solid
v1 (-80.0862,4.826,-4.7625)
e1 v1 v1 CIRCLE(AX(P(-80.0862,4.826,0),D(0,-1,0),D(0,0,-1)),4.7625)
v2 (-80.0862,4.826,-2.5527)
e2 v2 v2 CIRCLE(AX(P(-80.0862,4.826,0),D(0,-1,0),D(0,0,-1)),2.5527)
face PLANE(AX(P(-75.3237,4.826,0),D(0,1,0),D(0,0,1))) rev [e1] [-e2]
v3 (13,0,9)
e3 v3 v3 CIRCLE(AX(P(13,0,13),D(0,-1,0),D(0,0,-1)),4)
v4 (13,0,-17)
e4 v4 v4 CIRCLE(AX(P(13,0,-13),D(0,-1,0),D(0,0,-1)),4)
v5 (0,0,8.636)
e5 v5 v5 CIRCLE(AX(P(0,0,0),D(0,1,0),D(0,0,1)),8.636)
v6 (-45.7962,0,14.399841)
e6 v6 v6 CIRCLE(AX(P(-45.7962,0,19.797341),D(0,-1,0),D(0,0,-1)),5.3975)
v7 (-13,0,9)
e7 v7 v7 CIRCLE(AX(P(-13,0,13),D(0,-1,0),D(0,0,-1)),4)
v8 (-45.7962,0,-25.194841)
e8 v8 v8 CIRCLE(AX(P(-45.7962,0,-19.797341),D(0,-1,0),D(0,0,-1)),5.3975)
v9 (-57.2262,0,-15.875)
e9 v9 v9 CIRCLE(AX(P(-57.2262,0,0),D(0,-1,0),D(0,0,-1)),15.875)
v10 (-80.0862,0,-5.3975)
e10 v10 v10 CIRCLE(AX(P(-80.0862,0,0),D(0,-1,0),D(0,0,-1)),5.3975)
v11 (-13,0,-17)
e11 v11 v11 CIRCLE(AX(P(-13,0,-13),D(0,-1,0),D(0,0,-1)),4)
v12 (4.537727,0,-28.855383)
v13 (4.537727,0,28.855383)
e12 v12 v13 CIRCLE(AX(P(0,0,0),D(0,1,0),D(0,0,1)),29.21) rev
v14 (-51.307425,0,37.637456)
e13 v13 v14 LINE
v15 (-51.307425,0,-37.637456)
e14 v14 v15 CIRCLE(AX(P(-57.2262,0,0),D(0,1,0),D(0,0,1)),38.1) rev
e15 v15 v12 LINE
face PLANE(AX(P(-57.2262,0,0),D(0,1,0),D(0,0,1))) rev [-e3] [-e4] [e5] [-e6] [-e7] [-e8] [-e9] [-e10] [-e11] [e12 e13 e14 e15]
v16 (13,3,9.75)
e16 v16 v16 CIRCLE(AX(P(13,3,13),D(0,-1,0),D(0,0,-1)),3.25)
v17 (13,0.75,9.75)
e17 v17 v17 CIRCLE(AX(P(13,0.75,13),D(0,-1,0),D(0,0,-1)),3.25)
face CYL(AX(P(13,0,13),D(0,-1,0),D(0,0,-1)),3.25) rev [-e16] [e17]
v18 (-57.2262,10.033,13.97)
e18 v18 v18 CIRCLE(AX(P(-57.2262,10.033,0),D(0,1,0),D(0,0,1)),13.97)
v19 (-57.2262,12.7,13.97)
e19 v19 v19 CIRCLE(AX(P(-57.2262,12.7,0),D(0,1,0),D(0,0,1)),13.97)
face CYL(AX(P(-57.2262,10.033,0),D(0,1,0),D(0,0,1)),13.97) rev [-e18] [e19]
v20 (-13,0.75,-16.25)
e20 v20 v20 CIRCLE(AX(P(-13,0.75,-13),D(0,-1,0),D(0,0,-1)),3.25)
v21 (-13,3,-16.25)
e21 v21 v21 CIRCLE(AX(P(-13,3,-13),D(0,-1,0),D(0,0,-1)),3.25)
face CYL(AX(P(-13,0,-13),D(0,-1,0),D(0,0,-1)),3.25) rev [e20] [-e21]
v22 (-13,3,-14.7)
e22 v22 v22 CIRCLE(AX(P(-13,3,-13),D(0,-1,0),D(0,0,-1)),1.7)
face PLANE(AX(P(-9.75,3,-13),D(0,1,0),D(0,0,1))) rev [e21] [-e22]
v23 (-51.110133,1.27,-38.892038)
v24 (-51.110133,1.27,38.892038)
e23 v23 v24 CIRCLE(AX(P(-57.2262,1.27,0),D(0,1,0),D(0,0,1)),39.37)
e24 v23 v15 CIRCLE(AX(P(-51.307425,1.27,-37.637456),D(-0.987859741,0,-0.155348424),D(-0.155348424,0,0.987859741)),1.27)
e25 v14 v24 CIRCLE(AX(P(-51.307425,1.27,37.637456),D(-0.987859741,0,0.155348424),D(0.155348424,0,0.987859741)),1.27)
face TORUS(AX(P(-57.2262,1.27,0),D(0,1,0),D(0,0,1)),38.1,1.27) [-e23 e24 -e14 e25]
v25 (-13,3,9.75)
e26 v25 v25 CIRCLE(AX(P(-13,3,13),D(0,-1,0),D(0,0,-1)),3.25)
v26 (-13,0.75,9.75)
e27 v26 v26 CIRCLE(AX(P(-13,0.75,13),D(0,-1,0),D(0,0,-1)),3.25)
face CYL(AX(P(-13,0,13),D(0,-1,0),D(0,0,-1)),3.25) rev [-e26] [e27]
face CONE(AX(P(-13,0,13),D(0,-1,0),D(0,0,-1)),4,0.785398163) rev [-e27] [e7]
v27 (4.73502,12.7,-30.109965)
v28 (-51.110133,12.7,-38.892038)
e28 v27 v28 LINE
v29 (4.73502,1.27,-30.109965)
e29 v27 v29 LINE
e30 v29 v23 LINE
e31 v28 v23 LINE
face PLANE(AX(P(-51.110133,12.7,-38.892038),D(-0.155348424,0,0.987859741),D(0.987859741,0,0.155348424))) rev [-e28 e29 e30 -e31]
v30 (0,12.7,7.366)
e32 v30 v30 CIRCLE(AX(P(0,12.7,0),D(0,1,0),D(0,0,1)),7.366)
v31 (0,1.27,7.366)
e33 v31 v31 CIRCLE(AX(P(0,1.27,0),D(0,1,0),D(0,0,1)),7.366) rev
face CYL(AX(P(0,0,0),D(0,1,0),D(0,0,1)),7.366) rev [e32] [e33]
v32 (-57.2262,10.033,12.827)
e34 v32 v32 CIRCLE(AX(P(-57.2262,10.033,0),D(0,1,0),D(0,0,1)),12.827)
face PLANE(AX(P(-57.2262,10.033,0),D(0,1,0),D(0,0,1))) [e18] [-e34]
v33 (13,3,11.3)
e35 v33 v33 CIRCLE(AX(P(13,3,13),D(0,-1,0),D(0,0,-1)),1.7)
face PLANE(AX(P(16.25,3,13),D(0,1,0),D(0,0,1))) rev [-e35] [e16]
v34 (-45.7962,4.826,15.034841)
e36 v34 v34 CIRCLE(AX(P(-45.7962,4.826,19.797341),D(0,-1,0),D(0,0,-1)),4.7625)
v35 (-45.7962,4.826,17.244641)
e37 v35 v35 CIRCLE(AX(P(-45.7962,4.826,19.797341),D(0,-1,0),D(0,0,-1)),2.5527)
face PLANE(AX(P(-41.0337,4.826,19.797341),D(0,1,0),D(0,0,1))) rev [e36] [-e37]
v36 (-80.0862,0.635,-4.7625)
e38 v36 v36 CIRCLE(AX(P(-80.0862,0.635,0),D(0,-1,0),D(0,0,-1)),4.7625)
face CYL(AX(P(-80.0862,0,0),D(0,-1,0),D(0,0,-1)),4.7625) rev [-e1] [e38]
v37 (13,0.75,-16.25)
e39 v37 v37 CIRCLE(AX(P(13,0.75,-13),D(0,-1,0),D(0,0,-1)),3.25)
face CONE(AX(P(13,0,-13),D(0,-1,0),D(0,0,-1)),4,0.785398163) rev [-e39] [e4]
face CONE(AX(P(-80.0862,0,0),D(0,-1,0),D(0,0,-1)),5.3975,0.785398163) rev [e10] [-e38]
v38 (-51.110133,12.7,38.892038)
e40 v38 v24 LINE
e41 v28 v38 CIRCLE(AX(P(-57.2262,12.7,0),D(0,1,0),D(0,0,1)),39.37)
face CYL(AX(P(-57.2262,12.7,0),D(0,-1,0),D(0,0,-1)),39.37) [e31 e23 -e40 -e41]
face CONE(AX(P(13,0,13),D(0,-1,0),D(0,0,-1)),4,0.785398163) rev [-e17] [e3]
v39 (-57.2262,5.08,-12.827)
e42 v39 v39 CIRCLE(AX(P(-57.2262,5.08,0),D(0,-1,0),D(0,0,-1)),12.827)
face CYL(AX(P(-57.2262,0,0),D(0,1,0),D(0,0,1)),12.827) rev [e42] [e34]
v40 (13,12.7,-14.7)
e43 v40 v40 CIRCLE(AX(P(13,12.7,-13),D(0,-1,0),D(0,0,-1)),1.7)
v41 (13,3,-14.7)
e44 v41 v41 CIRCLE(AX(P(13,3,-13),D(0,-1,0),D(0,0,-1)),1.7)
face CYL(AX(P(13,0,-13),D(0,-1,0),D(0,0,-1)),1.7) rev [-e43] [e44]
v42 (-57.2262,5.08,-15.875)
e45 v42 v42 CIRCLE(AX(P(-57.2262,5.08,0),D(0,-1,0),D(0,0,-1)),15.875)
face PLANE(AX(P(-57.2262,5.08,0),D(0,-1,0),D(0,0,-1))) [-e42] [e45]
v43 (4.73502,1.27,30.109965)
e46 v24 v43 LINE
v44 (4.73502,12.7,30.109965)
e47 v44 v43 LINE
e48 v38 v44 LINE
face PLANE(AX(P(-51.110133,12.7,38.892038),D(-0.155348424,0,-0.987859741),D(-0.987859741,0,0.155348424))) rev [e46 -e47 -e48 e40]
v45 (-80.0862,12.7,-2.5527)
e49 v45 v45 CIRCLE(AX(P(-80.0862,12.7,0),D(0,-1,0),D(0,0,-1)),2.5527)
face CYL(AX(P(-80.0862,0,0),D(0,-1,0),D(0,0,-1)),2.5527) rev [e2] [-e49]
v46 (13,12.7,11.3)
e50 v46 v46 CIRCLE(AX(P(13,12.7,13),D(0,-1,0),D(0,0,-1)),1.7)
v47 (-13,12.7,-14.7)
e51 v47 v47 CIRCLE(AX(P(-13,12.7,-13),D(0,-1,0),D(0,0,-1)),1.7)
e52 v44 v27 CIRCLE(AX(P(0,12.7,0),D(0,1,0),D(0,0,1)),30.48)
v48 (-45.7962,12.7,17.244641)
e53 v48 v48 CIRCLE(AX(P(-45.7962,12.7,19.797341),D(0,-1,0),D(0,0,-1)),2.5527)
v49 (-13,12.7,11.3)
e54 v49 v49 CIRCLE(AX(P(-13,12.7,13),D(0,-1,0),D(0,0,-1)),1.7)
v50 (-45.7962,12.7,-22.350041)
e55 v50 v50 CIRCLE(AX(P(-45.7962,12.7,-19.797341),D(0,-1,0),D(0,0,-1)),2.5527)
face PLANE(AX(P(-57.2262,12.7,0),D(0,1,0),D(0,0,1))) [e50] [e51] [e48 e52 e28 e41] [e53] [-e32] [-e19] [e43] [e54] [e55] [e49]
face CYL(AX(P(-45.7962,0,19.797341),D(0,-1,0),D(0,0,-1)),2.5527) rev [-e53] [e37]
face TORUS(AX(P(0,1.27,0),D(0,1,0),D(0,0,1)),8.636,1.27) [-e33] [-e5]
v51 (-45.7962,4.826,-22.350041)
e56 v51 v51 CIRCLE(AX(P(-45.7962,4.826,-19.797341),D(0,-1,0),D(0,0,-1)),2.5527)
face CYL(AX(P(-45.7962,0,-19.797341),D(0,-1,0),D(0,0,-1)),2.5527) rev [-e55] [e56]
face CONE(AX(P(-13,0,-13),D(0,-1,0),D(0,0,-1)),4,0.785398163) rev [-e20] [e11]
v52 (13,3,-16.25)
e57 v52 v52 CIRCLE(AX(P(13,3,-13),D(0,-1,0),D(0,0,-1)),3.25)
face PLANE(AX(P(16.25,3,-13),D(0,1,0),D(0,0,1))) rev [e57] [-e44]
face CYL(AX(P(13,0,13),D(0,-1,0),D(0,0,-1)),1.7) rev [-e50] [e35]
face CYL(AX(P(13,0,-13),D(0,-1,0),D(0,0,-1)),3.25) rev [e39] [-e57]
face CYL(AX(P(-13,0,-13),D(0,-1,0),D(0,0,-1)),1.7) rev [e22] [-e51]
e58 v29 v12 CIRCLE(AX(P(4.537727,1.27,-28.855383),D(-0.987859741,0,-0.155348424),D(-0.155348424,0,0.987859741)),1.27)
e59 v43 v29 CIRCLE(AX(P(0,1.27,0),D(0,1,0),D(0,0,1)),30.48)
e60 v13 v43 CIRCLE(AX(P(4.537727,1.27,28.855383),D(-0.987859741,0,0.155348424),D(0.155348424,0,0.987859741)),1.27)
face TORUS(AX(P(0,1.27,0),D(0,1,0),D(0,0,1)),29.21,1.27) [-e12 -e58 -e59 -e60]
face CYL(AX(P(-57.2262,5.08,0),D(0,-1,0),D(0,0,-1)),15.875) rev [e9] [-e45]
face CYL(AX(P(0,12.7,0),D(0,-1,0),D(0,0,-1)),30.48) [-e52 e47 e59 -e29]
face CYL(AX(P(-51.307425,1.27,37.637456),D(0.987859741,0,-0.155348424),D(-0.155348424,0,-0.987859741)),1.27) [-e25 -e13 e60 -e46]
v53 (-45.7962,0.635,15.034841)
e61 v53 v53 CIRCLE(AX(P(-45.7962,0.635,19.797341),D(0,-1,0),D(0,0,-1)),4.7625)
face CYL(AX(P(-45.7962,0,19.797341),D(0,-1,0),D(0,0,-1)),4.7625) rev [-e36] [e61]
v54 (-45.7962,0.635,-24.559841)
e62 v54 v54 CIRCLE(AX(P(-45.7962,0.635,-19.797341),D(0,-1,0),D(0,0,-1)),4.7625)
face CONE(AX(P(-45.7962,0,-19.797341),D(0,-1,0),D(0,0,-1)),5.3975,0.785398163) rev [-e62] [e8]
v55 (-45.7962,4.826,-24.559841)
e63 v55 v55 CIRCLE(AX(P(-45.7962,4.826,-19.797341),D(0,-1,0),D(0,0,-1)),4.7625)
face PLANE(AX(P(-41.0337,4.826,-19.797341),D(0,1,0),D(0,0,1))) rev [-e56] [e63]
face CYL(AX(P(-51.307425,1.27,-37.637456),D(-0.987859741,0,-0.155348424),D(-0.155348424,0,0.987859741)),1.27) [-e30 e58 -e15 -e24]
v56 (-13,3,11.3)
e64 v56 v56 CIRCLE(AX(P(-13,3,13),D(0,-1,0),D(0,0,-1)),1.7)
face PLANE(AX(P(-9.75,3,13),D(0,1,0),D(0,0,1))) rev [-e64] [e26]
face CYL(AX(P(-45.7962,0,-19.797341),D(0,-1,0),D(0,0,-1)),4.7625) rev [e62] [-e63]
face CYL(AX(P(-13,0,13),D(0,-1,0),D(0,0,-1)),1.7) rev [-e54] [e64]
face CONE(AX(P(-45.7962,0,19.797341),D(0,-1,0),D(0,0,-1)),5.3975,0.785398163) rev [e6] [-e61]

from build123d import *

# Parameters (mm, degrees)
BOSS_EXTRUDE1_DEPTH                          = 12.7
SKETCH2_R                                    = 12.827
SKETCH2_R_2                                  = 7.366
CUT_EXTRUDE1_DEPTH                           = 13.7
CBORE_FOR_10_SOCKET_HEAD_CAP_SCREW1_AT_COUNT = 2
CBORE_FOR_10_SOCKET_HEAD_CAP_SCREW1_AT_PITCH = 39.594681461
CBORE_FOR_10_SOCKET_HEAD_CAP_SCREW1_2_COUNT  = 2
CBORE_FOR_10_SOCKET_HEAD_CAP_SCREW1_2_PITCH  = 39.594681461
CBORE_FOR_M3_SHCS1_AT_2_COUNT                = 2
CBORE_FOR_M3_SHCS1_AT_2_PITCH                = 36.769552622
CBORE_FOR_M3_SHCS1_AT_3_COUNT                = 2
CBORE_FOR_M3_SHCS1_AT_3_PITCH                = 26
CBORE_FOR_M3_SHCS1_AT_4_COUNT                = 2
CBORE_FOR_M3_SHCS1_AT_4_PITCH                = 26
FILLET1_R                                    = 1.27
SKETCH13_R                                   = 15.875
SKETCH13_R_2                                 = 12.827
BEARING_POCKET_DEPTH                         = 5.08
SKETCH14_R                                   = 13.97
SKETCH14_R_2                                 = 12.827
CUT_EXTRUDE3_DEPTH                           = 2.667


with BuildPart() as part:
    # Sketch1 → Boss-Extrude1 (new body)
    with BuildSketch(Plane(origin=(0, 0, 0), x_dir=(1, 0, 0), z_dir=(0, 1, 0))):
        with BuildLine():
            Line((-51.110132534, 38.892037987), (4.735019973, 30.109964893))
            ThreePointArc((4.735019973, 30.109964893), (30.48, 0), (4.735019973, -30.109964893))
            Line((4.735019973, -30.109964893), (-51.110132534, -38.892037987))
            ThreePointArc((-51.110132534, -38.892037987), (-96.5962, 0), (-51.110132534, 38.892037987))
        make_face()
    extrude(amount=BOSS_EXTRUDE1_DEPTH)

    # Sketch2 → Cut-Extrude1 (cut, through all)
    with BuildSketch(Plane(origin=(0, 12.7, 0), x_dir=(1, 0, 0), z_dir=(0, 1, 0))):
        with Locations((-57.2262, 0)):
            Circle(SKETCH2_R)
        Circle(SKETCH2_R_2)
    extrude(amount=-CUT_EXTRUDE1_DEPTH, mode=Mode.SUBTRACT)

    # Sketch12 → CBORE for #10 Socket Head Cap Screw1 (revolve, cut)
    with BuildSketch(Plane(origin=(-80.0862, 0, 0), x_dir=(0, 0, -1), z_dir=(1, 0, 0))):
        Polygon((0, 0), (0, 12.7), (2.5527, 12.7), (2.5527, 4.826), (4.7625, 4.826), (4.7625, 0.635), (5.3975, 0), align=None)
    cbore_for_10_socket_head_cap_screw1 = revolve(axis=Axis((-80.0862, -6.35, 0), (0, 1, 0)), mode=Mode.SUBTRACT)

    # CBORE for #10 Socket Head Cap Screw1 at: CBORE for #10 Socket Head Cap Screw1 ×2
    with Locations(*[Vector(0.866025404, 0, -0.5) * (i * CBORE_FOR_10_SOCKET_HEAD_CAP_SCREW1_AT_PITCH) for i in range(1, CBORE_FOR_10_SOCKET_HEAD_CAP_SCREW1_AT_COUNT)]):
        add(cbore_for_10_socket_head_cap_screw1, mode=Mode.SUBTRACT)

    # CBORE for _10 Socket Head Cap Screw1 2: CBORE for #10 Socket Head Cap Screw1 ×2
    with Locations(*[Vector(0.866025404, 0, 0.5) * (i * CBORE_FOR_10_SOCKET_HEAD_CAP_SCREW1_2_PITCH) for i in range(1, CBORE_FOR_10_SOCKET_HEAD_CAP_SCREW1_2_COUNT)]):
        add(cbore_for_10_socket_head_cap_screw1, mode=Mode.SUBTRACT)

    # Sketch16 → CBORE for M3 SHCS1 (revolve, cut)
    with BuildSketch(Plane(origin=(-13, 0, -13), x_dir=(0, 0, -1), z_dir=(1, 0, 0))):
        Polygon((0, 0), (0, 12.7), (1.7, 12.7), (1.7, 3), (3.25, 3), (3.25, 0.75), (4, 0), align=None)
    cbore_for_m3_shcs1 = revolve(axis=Axis((-13, -6.35, -13), (0, 1, 0)), mode=Mode.SUBTRACT)

    # CBORE for M3 SHCS1 at 2: CBORE for M3 SHCS1 ×2
    with Locations(*[Vector(0.707106781, 0, 0.707106781) * (i * CBORE_FOR_M3_SHCS1_AT_2_PITCH) for i in range(1, CBORE_FOR_M3_SHCS1_AT_2_COUNT)]):
        add(cbore_for_m3_shcs1, mode=Mode.SUBTRACT)

    # CBORE for M3 SHCS1 at 3: CBORE for M3 SHCS1 ×2
    with Locations(*[(i * CBORE_FOR_M3_SHCS1_AT_3_PITCH, 0, 0) for i in range(1, CBORE_FOR_M3_SHCS1_AT_3_COUNT)]):
        add(cbore_for_m3_shcs1, mode=Mode.SUBTRACT)

    # CBORE for M3 SHCS1 at 4: CBORE for M3 SHCS1 ×2
    with Locations(*[(0, 0, i * CBORE_FOR_M3_SHCS1_AT_4_PITCH) for i in range(1, CBORE_FOR_M3_SHCS1_AT_4_COUNT)]):
        add(cbore_for_m3_shcs1, mode=Mode.SUBTRACT)

    # Fillet1
    fillet1_edges = [part.edges().sort_by_distance(p)[0] for p in [
        (-7.366, 0, 0),
        (-23.187556281, 0, -34.50100144),
        (30.48, 0, 0),
        (-23.187556281, 0, 34.50100144),
        (-96.5962, 0, 0),
    ]]
    fillet(fillet1_edges, radius=FILLET1_R)

    # Sketch13 → bearing_pocket (cut)
    with BuildSketch(Plane.XZ):
        with Locations((-57.2262, 0)):
            Circle(SKETCH13_R)
        with Locations((-57.2262, 0)):
            Circle(SKETCH13_R_2, mode=Mode.SUBTRACT)
    extrude(amount=-BEARING_POCKET_DEPTH, mode=Mode.SUBTRACT)

    # Sketch14 → Cut-Extrude3 (cut)
    with BuildSketch(Plane(origin=(0, 12.7, 0), x_dir=(1, 0, 0), z_dir=(0, 1, 0))):
        with Locations((-57.2262, 0)):
            Circle(SKETCH14_R)
        with Locations((-57.2262, 0)):
            Circle(SKETCH14_R_2, mode=Mode.SUBTRACT)
    extrude(amount=-CUT_EXTRUDE3_DEPTH, mode=Mode.SUBTRACT)


solid = part.part
